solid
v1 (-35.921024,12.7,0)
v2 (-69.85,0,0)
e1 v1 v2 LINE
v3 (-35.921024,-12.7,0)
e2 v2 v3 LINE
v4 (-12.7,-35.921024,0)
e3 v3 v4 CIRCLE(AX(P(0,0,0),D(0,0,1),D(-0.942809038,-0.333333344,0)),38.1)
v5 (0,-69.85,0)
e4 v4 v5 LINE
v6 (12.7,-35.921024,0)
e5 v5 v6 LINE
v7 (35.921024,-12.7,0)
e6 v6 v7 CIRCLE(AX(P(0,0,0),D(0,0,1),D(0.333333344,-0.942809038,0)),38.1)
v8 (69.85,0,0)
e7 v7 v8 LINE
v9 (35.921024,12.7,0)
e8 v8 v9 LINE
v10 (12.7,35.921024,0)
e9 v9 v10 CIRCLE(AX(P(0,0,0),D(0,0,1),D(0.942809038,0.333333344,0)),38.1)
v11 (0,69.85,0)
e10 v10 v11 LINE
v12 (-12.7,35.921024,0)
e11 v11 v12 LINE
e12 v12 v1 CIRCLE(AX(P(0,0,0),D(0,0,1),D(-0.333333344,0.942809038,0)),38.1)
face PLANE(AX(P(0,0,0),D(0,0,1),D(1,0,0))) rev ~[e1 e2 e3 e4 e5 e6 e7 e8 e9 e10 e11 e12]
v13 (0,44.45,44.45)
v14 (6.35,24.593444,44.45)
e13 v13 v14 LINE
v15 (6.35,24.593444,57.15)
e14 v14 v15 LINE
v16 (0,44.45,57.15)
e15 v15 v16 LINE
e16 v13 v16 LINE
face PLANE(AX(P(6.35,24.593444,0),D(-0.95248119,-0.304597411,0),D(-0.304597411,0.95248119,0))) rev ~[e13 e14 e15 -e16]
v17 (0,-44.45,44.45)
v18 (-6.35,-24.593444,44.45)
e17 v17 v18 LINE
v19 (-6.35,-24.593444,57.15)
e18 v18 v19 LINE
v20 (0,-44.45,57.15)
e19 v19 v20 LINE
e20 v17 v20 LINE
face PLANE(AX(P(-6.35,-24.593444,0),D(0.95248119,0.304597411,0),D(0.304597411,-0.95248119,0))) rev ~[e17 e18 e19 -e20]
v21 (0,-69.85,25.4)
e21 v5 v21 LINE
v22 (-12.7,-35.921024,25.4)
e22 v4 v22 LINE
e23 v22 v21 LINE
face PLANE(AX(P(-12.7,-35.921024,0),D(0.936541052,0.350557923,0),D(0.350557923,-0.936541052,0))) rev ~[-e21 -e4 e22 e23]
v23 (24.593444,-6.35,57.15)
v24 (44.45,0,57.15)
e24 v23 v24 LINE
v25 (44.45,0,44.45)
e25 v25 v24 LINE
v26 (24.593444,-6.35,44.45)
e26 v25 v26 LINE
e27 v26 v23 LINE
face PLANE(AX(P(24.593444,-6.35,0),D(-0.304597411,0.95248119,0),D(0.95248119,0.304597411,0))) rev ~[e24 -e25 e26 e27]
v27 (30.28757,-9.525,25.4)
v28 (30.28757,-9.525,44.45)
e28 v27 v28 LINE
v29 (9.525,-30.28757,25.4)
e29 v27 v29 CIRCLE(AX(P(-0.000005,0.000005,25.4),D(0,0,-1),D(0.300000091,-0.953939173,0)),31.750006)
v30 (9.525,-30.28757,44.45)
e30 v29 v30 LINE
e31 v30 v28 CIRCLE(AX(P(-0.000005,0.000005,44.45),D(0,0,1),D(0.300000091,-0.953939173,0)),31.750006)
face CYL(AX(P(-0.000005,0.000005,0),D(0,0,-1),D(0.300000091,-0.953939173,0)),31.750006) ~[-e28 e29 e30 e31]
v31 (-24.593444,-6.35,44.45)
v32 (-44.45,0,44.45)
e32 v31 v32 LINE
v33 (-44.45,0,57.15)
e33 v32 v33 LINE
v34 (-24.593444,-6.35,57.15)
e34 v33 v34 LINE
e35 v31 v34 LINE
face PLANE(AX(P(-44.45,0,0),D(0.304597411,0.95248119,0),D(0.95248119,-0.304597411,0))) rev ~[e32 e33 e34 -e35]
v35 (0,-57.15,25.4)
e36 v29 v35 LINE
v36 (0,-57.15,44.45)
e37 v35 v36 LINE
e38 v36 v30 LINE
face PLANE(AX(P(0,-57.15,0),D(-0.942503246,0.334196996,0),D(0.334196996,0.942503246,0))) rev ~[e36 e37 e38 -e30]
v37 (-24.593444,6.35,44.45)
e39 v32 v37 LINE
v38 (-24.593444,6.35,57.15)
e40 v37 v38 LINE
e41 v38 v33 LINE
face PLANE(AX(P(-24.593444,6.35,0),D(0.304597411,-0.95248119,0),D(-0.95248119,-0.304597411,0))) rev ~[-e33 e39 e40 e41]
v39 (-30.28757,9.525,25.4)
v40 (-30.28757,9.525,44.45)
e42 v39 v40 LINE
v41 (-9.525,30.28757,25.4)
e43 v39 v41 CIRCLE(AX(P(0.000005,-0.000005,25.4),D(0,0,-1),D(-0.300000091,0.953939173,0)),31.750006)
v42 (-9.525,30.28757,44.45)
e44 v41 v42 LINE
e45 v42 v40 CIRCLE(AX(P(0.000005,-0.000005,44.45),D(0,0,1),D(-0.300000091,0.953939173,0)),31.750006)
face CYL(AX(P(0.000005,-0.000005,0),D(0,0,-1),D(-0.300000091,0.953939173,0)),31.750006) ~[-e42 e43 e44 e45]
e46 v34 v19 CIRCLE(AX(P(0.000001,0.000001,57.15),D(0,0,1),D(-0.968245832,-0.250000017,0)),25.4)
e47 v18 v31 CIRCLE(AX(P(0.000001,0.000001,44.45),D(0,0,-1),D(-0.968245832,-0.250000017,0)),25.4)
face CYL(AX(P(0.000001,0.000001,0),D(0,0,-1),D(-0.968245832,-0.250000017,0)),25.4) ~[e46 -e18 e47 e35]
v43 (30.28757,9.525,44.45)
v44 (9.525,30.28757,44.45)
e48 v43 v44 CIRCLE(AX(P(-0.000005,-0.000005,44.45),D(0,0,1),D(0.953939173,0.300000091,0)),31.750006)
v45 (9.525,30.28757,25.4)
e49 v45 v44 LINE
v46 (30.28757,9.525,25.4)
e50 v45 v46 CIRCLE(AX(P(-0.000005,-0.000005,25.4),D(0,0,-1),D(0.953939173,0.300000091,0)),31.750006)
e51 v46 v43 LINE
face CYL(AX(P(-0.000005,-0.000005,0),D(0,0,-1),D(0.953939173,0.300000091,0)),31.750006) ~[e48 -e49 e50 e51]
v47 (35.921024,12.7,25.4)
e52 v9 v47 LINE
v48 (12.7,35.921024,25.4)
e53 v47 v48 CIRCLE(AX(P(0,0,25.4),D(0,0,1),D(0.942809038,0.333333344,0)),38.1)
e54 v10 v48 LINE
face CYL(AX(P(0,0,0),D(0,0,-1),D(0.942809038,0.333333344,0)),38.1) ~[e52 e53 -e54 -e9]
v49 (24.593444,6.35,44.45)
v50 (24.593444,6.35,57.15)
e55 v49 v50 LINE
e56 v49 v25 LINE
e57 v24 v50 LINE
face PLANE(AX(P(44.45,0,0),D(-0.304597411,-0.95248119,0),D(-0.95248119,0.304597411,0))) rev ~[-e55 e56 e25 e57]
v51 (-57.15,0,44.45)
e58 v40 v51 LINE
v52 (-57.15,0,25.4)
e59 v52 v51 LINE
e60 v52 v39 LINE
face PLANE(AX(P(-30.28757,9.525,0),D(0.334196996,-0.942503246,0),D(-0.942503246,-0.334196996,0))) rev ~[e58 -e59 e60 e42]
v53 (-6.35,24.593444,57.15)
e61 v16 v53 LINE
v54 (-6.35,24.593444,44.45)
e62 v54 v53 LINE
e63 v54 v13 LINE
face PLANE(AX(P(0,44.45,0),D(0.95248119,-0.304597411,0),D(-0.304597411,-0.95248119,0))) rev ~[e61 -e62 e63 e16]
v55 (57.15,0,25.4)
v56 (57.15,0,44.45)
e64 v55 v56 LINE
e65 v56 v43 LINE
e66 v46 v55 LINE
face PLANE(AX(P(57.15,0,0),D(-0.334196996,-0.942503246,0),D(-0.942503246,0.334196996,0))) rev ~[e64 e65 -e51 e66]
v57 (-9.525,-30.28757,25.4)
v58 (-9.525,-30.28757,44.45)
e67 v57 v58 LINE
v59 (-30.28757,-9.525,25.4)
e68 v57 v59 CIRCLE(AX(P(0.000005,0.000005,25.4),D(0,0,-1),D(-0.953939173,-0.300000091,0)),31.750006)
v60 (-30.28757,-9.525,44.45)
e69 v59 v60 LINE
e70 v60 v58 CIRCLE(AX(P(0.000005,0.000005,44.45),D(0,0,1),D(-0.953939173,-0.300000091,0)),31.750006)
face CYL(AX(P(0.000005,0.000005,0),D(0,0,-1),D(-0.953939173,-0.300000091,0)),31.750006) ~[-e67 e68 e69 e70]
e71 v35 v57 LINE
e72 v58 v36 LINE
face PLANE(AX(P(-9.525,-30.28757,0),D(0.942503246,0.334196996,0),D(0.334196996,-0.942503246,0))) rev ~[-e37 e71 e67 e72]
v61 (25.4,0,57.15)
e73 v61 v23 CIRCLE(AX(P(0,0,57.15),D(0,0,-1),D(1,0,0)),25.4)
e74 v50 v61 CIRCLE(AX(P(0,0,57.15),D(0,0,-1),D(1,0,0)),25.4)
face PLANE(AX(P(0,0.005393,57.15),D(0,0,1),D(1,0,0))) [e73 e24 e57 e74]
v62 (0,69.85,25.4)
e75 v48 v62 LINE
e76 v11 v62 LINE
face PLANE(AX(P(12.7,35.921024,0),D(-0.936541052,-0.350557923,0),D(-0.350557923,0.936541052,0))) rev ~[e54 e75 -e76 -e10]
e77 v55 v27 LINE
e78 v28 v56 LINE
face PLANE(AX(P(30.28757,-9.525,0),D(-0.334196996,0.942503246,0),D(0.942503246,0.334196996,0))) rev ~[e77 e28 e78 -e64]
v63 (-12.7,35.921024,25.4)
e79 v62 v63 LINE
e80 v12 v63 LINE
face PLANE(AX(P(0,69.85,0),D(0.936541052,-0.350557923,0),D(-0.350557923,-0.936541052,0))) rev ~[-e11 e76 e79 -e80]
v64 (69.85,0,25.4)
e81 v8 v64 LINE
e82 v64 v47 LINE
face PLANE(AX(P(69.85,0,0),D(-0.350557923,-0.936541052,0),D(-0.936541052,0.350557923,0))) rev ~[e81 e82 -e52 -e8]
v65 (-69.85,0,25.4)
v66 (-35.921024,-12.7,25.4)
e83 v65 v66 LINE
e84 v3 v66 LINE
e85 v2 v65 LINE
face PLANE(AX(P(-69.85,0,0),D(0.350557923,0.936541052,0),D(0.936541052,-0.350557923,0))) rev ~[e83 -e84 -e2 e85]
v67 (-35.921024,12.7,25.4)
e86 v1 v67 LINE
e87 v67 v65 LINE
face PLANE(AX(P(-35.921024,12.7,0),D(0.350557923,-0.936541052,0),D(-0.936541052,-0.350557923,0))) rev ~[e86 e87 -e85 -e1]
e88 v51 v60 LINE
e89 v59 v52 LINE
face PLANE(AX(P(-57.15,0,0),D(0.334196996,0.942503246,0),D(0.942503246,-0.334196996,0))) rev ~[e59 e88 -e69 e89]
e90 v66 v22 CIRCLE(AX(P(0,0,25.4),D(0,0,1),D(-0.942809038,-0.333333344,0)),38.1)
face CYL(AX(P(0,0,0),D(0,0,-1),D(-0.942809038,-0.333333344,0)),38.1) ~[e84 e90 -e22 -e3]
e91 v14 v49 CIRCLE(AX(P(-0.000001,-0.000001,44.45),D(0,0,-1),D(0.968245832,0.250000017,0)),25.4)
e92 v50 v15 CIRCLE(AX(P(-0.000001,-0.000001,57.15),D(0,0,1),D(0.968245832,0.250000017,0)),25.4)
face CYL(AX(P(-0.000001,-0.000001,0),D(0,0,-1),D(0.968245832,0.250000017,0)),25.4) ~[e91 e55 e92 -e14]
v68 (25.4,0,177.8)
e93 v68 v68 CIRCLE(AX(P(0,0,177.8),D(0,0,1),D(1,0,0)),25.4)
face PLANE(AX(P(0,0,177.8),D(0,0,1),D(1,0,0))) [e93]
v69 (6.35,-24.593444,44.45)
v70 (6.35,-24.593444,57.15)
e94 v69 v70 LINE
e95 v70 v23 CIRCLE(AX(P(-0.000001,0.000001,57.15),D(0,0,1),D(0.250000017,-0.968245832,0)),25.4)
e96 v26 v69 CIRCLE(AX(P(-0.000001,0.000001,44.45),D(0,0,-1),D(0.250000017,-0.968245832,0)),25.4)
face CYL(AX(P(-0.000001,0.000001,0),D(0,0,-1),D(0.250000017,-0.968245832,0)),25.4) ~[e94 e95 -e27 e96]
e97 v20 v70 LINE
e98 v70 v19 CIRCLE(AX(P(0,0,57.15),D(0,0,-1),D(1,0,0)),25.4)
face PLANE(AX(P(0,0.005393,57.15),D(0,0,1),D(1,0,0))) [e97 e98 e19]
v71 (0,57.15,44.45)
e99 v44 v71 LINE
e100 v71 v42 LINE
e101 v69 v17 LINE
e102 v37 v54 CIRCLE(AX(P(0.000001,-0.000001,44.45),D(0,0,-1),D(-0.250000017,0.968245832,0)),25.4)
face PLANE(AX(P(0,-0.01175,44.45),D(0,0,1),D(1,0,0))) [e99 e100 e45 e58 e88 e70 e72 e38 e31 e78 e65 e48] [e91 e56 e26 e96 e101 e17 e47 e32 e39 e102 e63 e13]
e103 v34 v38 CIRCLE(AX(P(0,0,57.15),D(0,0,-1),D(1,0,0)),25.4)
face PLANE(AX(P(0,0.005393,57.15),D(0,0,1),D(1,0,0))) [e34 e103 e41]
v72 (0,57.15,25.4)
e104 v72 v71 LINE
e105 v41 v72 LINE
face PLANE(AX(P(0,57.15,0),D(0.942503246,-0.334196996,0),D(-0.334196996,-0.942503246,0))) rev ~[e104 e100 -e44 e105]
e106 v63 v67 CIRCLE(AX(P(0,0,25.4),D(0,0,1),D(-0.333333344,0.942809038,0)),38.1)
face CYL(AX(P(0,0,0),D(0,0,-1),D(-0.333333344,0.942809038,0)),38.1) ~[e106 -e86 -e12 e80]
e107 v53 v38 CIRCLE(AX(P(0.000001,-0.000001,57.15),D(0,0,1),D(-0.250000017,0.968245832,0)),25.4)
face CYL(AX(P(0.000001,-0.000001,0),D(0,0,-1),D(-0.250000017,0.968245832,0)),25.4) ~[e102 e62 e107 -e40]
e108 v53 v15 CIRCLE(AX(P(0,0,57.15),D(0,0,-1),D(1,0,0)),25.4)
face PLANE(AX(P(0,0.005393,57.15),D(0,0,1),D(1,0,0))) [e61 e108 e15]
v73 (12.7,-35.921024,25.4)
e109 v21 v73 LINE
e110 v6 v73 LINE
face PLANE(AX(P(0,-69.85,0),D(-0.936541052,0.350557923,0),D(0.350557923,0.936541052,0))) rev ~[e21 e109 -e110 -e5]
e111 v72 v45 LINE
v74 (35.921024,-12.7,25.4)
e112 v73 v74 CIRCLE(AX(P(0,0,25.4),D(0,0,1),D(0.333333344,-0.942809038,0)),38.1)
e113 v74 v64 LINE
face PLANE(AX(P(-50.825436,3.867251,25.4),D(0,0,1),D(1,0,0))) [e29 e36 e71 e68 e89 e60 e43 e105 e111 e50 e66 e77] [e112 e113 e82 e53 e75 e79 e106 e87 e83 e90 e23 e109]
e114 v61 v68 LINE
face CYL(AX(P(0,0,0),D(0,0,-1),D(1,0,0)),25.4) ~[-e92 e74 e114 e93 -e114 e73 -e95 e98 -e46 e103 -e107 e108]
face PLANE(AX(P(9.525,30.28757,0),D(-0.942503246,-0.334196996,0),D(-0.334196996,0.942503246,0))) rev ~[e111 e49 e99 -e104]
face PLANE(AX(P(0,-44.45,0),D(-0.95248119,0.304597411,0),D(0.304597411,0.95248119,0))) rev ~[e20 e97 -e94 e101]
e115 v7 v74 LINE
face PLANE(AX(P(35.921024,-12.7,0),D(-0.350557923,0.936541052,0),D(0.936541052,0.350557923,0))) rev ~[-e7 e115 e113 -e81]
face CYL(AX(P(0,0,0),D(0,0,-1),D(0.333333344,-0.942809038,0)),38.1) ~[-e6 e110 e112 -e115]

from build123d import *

# Parameters (mm, degrees)
F1_DEPTH = 25.4
F3_DEPTH = 44.45
F5_DEPTH = 57.15
F6_R     = 25.4
F7_DEPTH = 177.8


with BuildPart() as f1:
    # F0 (on Top) → F1 (new body)
    with BuildSketch(Plane.XY):
        with BuildLine():
            ThreePointArc((-38.1, 0), (-37.551305, 6.442785), (-35.921024, 12.7))
            Line((-35.921024, 12.7), (-69.85, 0))
            Line((-69.85, 0), (-38.1, 0))
        make_face()
        with BuildLine():
            Line((-69.85, 0), (-35.921024, -12.7))
            ThreePointArc((-35.921024, -12.7), (-37.551305, -6.442785), (-38.1, 0))
            Line((-38.1, 0), (-69.85, 0))
        make_face()
        with BuildLine():
            ThreePointArc((35.921024, 12.7), (37.551305, 6.442785), (38.1, 0))
            ThreePointArc((38.1, 0), (37.551305, -6.442785), (35.921024, -12.7))
            Line((35.921024, -12.7), (69.85, 0))
            Line((69.85, 0), (35.921024, 12.7))
        make_face()
        with BuildLine():
            ThreePointArc((0, 38.1), (6.442785, 37.551305), (12.7, 35.921024))
            Line((12.7, 35.921024), (0, 69.85))
            Line((0, 69.85), (0, 38.1))
        make_face()
        with BuildLine():
            ThreePointArc((-12.7, 35.921024), (-6.442785, 37.551305), (0, 38.1))
            Line((0, 38.1), (0, 69.85))
            Line((0, 69.85), (-12.7, 35.921024))
        make_face()
        with BuildLine():
            ThreePointArc((35.921024, -12.7), (37.551305, -6.442785), (38.1, 0))
            ThreePointArc((38.1, 0), (37.551305, 6.442785), (35.921024, 12.7))
            ThreePointArc((35.921024, 12.7), (26.940768, 26.940768), (12.7, 35.921024))
            ThreePointArc((12.7, 35.921024), (6.442785, 37.551305), (0, 38.1))
            ThreePointArc((0, 38.1), (-6.442785, 37.551305), (-12.7, 35.921024))
            ThreePointArc((-12.7, 35.921024), (-26.940768, 26.940768), (-35.921024, 12.7))
            ThreePointArc((-35.921024, 12.7), (-37.551305, 6.442785), (-38.1, 0))
            ThreePointArc((-38.1, 0), (-37.551305, -6.442785), (-35.921024, -12.7))
            ThreePointArc((-35.921024, -12.7), (-26.940768, -26.940768), (-12.7, -35.921024))
            ThreePointArc((-12.7, -35.921024), (0, -38.1), (12.7, -35.921024))
            ThreePointArc((12.7, -35.921024), (26.940768, -26.940768), (35.921024, -12.7))
        make_face()
        with BuildLine():
            Line((0, -69.85), (12.7, -35.921024))
            ThreePointArc((12.7, -35.921024), (0, -38.1), (-12.7, -35.921024))
            Line((-12.7, -35.921024), (0, -69.85))
        make_face()
    extrude(amount=F1_DEPTH)

    # F2 (on Top) → F3 (join)
    with BuildSketch(Plane.XY):
        with BuildLine():
            ThreePointArc((30.28757, -9.525), (31.382263, -4.818307), (31.75, 0))
            ThreePointArc((31.75, 0), (31.382263, 4.818307), (30.28757, 9.525))
            ThreePointArc((30.28757, 9.525), (22.45064, 22.45064), (9.525, 30.28757))
            ThreePointArc((9.525, 30.28757), (0, 31.75), (-9.525, 30.28757))
            ThreePointArc((-9.525, 30.28757), (-22.45064, 22.45064), (-30.28757, 9.525))
            ThreePointArc((-30.28757, 9.525), (-31.382263, 4.818307), (-31.75, 0))
            ThreePointArc((-31.75, 0), (-31.382263, -4.818307), (-30.28757, -9.525))
            ThreePointArc((-30.28757, -9.525), (-22.45064, -22.45064), (-9.525, -30.28757))
            ThreePointArc((-9.525, -30.28757), (-4.818307, -31.382263), (0, -31.75))
            ThreePointArc((0, -31.75), (4.818307, -31.382263), (9.525, -30.28757))
            ThreePointArc((9.525, -30.28757), (22.45064, -22.45064), (30.28757, -9.525))
        make_face()
        with BuildLine():
            ThreePointArc((30.28757, 9.525), (31.382263, 4.818307), (31.75, 0))
            ThreePointArc((31.75, 0), (31.382263, -4.818307), (30.28757, -9.525))
            Line((30.28757, -9.525), (57.15, 0))
            Line((57.15, 0), (30.28757, 9.525))
        make_face()
        with BuildLine():
            ThreePointArc((-9.525, 30.28757), (0, 31.75), (9.525, 30.28757))
            Line((9.525, 30.28757), (0, 57.15))
            Line((0, 57.15), (-9.525, 30.28757))
        make_face()
        with BuildLine():
            Line((0, -57.15), (9.525, -30.28757))
            ThreePointArc((9.525, -30.28757), (4.818307, -31.382263), (0, -31.75))
            Line((0, -31.75), (0, -57.15))
        make_face()
        with BuildLine():
            Line((0, -57.15), (0, -31.75))
            ThreePointArc((0, -31.75), (-4.818307, -31.382263), (-9.525, -30.28757))
            Line((-9.525, -30.28757), (0, -57.15))
        make_face()
        with BuildLine():
            ThreePointArc((-31.75, 0), (-31.382263, 4.818307), (-30.28757, 9.525))
            Line((-30.28757, 9.525), (-57.15, 0))
            Line((-57.15, 0), (-31.75, 0))
        make_face()
        with BuildLine():
            ThreePointArc((-30.28757, -9.525), (-31.382263, -4.818307), (-31.75, 0))
            Line((-31.75, 0), (-57.15, 0))
            Line((-57.15, 0), (-30.28757, -9.525))
        make_face()
    extrude(amount=F3_DEPTH)

    # F4 (on Top) → F5 (join)
    with BuildSketch(Plane.XY):
        with BuildLine():
            ThreePointArc((24.593444, -6.35), (25.197554, -3.200509), (25.4, 0))
            ThreePointArc((25.4, 0), (25.197554, 3.200509), (24.593444, 6.35))
            ThreePointArc((24.593444, 6.35), (17.960512, 17.960512), (6.35, 24.593444))
            ThreePointArc((6.35, 24.593444), (3.200509, 25.197554), (0, 25.4))
            ThreePointArc((0, 25.4), (-3.200509, 25.197554), (-6.35, 24.593444))
            ThreePointArc((-6.35, 24.593444), (-17.960512, 17.960512), (-24.593444, 6.35))
            ThreePointArc((-24.593444, 6.35), (-25.197554, 3.200509), (-25.4, 0))
            ThreePointArc((-25.4, 0), (-25.197554, -3.200509), (-24.593444, -6.35))
            ThreePointArc((-24.593444, -6.35), (-17.960512, -17.960512), (-6.35, -24.593444))
            ThreePointArc((-6.35, -24.593444), (0, -25.4), (6.35, -24.593444))
            ThreePointArc((6.35, -24.593444), (17.960512, -17.960512), (24.593444, -6.35))
        make_face()
        with BuildLine():
            ThreePointArc((24.593444, 6.35), (25.197554, 3.200509), (25.4, 0))
            ThreePointArc((25.4, 0), (25.197554, -3.200509), (24.593444, -6.35))
            Line((24.593444, -6.35), (44.45, 0))
            Line((44.45, 0), (24.593444, 6.35))
        make_face()
        with BuildLine():
            ThreePointArc((0, 25.4), (3.200509, 25.197554), (6.35, 24.593444))
            Line((6.35, 24.593444), (0, 44.45))
            Line((0, 44.45), (0, 25.4))
        make_face()
        with BuildLine():
            Line((0, -44.45), (6.35, -24.593444))
            ThreePointArc((6.35, -24.593444), (0, -25.4), (-6.35, -24.593444))
            Line((-6.35, -24.593444), (0, -44.45))
        make_face()
        with BuildLine():
            ThreePointArc((-6.35, 24.593444), (-3.200509, 25.197554), (0, 25.4))
            Line((0, 25.4), (0, 44.45))
            Line((0, 44.45), (-6.35, 24.593444))
        make_face()
        with BuildLine():
            Line((-44.45, 0), (-24.593444, -6.35))
            ThreePointArc((-24.593444, -6.35), (-25.197554, -3.200509), (-25.4, 0))
            Line((-25.4, 0), (-44.45, 0))
        make_face()
        with BuildLine():
            ThreePointArc((-25.4, 0), (-25.197554, 3.200509), (-24.593444, 6.35))
            Line((-24.593444, 6.35), (-44.45, 0))
            Line((-44.45, 0), (-25.4, 0))
        make_face()
    extrude(amount=F5_DEPTH)

    # F6 (on Top) → F7 (join)
    with BuildSketch(Plane.XY):
        Circle(F6_R)
    extrude(amount=F7_DEPTH)


solid = f1.part
